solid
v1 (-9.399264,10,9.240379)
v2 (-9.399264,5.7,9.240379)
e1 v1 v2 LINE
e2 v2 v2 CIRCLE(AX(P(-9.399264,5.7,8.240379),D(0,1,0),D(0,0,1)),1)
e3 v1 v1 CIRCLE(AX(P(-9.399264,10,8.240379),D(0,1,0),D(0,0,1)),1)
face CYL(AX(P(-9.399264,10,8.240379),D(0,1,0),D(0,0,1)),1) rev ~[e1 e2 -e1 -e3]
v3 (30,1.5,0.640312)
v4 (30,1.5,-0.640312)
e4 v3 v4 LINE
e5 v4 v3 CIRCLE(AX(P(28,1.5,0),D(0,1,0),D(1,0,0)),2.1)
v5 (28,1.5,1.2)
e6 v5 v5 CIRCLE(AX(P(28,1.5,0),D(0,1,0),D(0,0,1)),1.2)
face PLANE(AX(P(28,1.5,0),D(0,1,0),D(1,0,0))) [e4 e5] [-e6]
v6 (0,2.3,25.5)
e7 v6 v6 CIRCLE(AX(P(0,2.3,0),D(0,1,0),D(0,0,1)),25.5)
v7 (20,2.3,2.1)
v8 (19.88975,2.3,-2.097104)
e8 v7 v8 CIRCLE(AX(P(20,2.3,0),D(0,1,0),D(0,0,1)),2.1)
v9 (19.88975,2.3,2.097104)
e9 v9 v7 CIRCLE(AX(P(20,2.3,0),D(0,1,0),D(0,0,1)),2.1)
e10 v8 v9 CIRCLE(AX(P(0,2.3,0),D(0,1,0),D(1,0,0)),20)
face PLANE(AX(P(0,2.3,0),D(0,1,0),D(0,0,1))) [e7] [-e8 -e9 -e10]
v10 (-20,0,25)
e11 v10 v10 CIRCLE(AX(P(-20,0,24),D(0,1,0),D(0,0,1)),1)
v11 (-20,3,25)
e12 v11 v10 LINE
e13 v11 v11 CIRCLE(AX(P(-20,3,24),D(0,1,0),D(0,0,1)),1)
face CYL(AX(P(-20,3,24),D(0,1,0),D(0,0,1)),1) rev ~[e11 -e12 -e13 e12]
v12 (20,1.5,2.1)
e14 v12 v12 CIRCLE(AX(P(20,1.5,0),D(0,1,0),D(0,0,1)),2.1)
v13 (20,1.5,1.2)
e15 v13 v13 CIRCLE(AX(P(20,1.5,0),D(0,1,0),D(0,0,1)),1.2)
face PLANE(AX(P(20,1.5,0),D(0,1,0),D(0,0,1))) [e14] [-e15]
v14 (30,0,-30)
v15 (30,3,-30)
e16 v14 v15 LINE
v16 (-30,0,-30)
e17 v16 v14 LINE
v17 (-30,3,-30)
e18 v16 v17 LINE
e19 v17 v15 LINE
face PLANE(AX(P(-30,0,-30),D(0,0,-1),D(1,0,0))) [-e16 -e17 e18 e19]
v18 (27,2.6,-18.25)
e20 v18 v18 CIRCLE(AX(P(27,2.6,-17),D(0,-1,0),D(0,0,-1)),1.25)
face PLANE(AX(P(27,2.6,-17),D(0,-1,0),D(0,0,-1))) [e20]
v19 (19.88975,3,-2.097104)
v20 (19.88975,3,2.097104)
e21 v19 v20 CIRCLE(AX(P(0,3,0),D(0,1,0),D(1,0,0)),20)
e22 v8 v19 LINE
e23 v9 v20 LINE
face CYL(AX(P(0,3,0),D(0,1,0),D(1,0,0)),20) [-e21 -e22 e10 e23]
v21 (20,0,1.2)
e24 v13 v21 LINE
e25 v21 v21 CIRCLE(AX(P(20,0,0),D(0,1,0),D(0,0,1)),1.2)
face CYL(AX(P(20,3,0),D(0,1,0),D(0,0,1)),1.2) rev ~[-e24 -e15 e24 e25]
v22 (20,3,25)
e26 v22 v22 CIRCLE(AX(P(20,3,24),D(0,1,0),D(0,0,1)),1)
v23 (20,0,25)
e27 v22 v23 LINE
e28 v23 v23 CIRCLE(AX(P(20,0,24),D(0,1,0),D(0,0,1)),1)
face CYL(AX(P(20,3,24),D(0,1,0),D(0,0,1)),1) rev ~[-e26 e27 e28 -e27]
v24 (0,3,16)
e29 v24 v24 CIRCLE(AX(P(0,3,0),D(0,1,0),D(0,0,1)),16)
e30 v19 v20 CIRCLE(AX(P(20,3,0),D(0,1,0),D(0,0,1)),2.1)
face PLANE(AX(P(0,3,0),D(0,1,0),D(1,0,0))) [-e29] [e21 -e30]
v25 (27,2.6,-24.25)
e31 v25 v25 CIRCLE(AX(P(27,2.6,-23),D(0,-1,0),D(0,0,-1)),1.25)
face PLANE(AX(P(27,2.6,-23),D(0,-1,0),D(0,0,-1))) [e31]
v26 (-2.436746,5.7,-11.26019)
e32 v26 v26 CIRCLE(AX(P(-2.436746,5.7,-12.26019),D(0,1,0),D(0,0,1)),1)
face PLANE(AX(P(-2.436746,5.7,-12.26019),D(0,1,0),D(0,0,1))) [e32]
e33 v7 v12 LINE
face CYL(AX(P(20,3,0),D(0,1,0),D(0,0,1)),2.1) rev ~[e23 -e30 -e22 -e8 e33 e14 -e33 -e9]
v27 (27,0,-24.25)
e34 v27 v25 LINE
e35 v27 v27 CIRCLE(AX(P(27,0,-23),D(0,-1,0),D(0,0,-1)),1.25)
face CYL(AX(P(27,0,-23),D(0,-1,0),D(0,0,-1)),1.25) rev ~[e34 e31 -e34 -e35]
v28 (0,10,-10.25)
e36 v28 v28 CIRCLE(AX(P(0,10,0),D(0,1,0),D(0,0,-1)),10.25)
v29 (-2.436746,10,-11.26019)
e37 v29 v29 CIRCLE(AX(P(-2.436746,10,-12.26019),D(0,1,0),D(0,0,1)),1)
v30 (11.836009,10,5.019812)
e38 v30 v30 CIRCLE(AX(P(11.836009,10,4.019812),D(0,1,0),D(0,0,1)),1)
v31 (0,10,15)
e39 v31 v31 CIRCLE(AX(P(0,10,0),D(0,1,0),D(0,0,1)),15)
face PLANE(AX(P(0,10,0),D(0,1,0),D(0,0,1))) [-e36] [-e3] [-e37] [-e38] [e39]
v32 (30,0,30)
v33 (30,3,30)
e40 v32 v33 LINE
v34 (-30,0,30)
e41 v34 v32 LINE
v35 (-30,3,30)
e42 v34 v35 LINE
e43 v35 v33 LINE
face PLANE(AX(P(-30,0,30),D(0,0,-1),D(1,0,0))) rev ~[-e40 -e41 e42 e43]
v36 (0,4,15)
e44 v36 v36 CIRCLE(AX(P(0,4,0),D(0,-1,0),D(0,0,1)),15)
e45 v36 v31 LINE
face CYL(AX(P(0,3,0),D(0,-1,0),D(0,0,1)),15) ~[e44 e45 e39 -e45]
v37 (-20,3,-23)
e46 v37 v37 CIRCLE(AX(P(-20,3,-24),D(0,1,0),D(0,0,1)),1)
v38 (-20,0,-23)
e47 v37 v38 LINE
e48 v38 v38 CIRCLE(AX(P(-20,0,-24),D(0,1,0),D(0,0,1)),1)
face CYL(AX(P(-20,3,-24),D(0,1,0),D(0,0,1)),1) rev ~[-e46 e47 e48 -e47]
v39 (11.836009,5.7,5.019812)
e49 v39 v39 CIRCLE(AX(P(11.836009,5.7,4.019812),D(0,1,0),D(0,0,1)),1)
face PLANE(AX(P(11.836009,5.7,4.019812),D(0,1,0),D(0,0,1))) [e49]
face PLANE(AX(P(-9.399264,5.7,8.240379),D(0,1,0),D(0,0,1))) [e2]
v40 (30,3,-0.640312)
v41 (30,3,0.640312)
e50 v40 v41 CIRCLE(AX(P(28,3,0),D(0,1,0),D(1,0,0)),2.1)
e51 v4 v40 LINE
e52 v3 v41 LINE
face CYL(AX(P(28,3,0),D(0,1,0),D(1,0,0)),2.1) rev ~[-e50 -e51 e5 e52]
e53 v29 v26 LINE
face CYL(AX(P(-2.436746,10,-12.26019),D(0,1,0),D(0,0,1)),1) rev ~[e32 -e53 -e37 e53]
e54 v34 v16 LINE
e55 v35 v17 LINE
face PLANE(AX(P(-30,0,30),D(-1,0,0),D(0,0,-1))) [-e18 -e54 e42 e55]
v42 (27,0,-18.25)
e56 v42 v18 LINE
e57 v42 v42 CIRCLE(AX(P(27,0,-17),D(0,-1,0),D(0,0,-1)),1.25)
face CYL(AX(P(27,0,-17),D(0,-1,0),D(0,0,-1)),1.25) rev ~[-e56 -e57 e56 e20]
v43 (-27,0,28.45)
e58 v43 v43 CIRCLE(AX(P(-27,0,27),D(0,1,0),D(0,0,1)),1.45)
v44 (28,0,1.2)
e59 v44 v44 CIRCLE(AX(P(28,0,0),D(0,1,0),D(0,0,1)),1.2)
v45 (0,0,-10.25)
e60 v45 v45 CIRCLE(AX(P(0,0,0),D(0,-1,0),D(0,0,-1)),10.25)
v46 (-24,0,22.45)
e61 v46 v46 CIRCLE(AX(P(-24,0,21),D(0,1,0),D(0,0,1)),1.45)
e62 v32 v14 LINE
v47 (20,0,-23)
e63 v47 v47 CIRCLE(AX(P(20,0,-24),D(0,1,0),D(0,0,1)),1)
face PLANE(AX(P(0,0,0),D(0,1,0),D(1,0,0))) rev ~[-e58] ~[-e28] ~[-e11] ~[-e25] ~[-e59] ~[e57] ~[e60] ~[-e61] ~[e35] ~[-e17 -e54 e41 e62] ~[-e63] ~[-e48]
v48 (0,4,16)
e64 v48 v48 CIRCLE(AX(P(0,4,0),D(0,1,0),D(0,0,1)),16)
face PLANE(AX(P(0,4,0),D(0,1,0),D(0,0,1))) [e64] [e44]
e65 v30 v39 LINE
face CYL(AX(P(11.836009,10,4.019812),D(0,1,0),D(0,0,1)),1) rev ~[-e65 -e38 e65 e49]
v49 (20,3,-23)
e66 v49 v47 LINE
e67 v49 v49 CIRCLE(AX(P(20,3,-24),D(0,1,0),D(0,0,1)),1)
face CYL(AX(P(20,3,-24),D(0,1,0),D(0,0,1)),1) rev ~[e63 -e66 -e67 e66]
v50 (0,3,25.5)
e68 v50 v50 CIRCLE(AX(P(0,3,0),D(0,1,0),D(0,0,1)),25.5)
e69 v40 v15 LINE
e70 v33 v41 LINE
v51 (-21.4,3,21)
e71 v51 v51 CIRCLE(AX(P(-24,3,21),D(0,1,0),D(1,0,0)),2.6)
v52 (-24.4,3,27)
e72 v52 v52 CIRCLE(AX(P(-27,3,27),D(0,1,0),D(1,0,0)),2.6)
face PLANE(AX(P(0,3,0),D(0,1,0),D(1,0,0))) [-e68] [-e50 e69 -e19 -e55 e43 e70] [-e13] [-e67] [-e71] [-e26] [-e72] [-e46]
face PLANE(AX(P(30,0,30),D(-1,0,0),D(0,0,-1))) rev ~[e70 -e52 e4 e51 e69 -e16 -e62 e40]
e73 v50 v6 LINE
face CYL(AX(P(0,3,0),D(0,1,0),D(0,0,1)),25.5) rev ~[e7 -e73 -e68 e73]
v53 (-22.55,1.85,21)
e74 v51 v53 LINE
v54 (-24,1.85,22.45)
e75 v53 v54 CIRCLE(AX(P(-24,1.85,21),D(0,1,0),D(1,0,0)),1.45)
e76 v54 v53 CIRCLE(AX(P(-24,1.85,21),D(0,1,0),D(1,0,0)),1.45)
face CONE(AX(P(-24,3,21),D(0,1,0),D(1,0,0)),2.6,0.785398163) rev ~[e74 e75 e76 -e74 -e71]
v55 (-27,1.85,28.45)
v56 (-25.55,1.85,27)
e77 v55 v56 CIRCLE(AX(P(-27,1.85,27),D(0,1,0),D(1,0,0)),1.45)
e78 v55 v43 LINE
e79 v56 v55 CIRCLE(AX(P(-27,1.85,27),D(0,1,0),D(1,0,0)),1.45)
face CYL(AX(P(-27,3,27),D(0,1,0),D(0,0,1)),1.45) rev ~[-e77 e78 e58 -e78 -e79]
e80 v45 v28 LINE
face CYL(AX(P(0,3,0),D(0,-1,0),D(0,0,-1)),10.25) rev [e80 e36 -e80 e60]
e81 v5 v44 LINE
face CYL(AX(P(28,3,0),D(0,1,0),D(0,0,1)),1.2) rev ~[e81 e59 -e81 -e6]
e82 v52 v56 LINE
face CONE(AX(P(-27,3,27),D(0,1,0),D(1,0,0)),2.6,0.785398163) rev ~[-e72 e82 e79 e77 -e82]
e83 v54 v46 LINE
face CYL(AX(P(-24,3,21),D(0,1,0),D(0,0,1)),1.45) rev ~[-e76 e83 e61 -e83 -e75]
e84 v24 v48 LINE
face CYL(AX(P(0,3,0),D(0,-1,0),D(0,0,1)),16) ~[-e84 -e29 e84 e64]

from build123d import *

# Parameters (mm, degrees)
SKETCH1_W                                      = 60
SKETCH1_H                                      = 60
BOSS_EXTRUDE1_DEPTH                            = 3
SKETCH3_R                                      = 1
CUT_EXTRUDE3_DEPTH                             = 43.532340636
SKETCH5_R                                      = 10.25
CUT_EXTRUDE4_DEPTH                             = 43.532340636
SKETCH6_R                                      = 16
SKETCH6_R_2                                    = 10.25
BOSS_EXTRUDE2_DEPTH                            = 1
SKETCH7_R                                      = 15
SKETCH7_R_2                                    = 10.25
BOSS_EXTRUDE3_DEPTH                            = 7
SKETCH10_R                                     = 1.45
STOP_MOUNT_D2P9_THROUGH_DEPTH                  = 3.01
SKETCH11_R                                     = 2.6
STOP_MOUNT_CSK_D5P2_90DEG_DEPTH                = 1.15
STOP_MOUNT_CSK_D5P2_90DEG_DRAFT                = -45
STOP_MOUNT_CSK_D5P2_90DEG_PROFILE_2_DEPTH      = 1.15
STOP_MOUNT_CSK_D5P2_90DEG_PROFILE_2_DRAFT      = -45
SKETCH13_R                                     = 1.45
YTAB_D2P9_DEPTH                                = 3.01
SKETCH14_R                                     = 1.2
GUIDEBLOCK1_D2P4_DEPTH                         = 3.01
SKETCH15_R                                     = 2.1
GUIDEBLOCK1_HEADCOUNTERBORE_D4P2_DEPTH         = 1.5
SKETCH16_R                                     = 25.5
SKETCH16_R_2                                   = 20
ROTATING_RETAINER_HEAD_CLEARANCE_ANNULUS_DEPTH = 0.7
SKETCH17_R                                     = 1
INNER_RETAINER_M2_TAPPED_ENVELOPE_DEPTH        = 4.3
SKETCH18_R                                     = 1.46
YTAB_THROUGH_HOLE_BACKING_RESTORATION_DEPTH    = 3
SKETCH19_R                                     = 1.25
YTAB_BLIND_M2P5_THREAD_ENVELOPES_DEPTH         = 2.6


with BuildPart() as part:
    # Sketch1 → Boss-Extrude1 (new body)
    with BuildSketch(Plane(origin=(0, 0, 0), x_dir=(1, 0, 0), z_dir=(0, 1, 0))):
        Rectangle(SKETCH1_W, SKETCH1_H)
    extrude(amount=BOSS_EXTRUDE1_DEPTH)

    # Sketch3 → Cut-Extrude3 (cut, through all)
    with BuildSketch(Plane(origin=(0, 3, 0), x_dir=(1, 0, 0), z_dir=(0, 1, 0))):
        with Locations(Location((-20, 24, 0), (0, 0, 270))):
            Circle(SKETCH3_R)
        with Locations(Location((20, 24, 0), (0, 0, 270))):
            Circle(SKETCH3_R)
        with Locations(Location((-20, -24, 0), (0, 0, 270))):
            Circle(SKETCH3_R)
        with Locations(Location((20, -24, 0), (0, 0, 270))):
            Circle(SKETCH3_R)
    extrude(amount=-CUT_EXTRUDE3_DEPTH, mode=Mode.SUBTRACT)

    # Sketch5 → Cut-Extrude4 (cut, through all)
    with BuildSketch(Plane.XZ):
        with Locations(Location((0, 0, 0), (0, 0, 270))):
            Circle(SKETCH5_R)
    extrude(amount=-CUT_EXTRUDE4_DEPTH, mode=Mode.SUBTRACT)

    # Sketch6 → Boss-Extrude2 (add)
    with BuildSketch(Plane(origin=(0, 3, 0), x_dir=(1, 0, 0), z_dir=(0, 1, 0))):
        with Locations(Location((0, 0, 0), (0, 0, 270))):
            Circle(SKETCH6_R)
        with Locations(Location((0, 0, 0), (0, 0, 90))):
            Circle(SKETCH6_R_2, mode=Mode.SUBTRACT)
    extrude(amount=BOSS_EXTRUDE2_DEPTH)

    # Sketch7 → Boss-Extrude3 (add)
    with BuildSketch(Plane(origin=(0, 3, 0), x_dir=(1, 0, 0), z_dir=(0, 1, 0))):
        with Locations(Location((0, 0, 0), (0, 0, 270))):
            Circle(SKETCH7_R)
        with Locations(Location((0, 0, 0), (0, 0, 90))):
            Circle(SKETCH7_R_2, mode=Mode.SUBTRACT)
    extrude(amount=BOSS_EXTRUDE3_DEPTH)

    # Sketch10 → Stop_Mount_D2p9_Through (cut)
    with BuildSketch(Plane(origin=(0, 3, 0), x_dir=(1, 0, 0), z_dir=(0, 1, 0))):
        with Locations(Location((-24, -21, 0), (0, 0, 270))):
            Circle(SKETCH10_R)
        with Locations(Location((-27, -27, 0), (0, 0, 270))):
            Circle(SKETCH10_R)
    extrude(amount=-STOP_MOUNT_D2P9_THROUGH_DEPTH, mode=Mode.SUBTRACT)


with BuildPart() as stop_mount_csk_d5p2_90deg_tool:
    # Sketch11 → Stop_Mount_CSK_D5p2_90deg (with draft: the straight prism first)
    with BuildSketch(Plane(origin=(0, 3, 0), x_dir=(1, 0, 0), z_dir=(0, 1, 0))):
        with Locations((-24, -21)):
            Circle(SKETCH11_R)
    extrude(amount=-STOP_MOUNT_CSK_D5P2_90DEG_DEPTH)
    # Stop_Mount_CSK_D5p2_90deg: the draft: its side faces are tilted about the plane it starts from
    stop_mount_csk_d5p2_90deg_sides = [stop_mount_csk_d5p2_90deg_tool.faces().sort_by_distance(p)[0] for p in [
        (-26.6, 2.425, 21),
    ]]
    draft(stop_mount_csk_d5p2_90deg_sides, Plane(origin=(0, 3, 0), x_dir=(1, 0, 0), z_dir=(0, 1, 0)), STOP_MOUNT_CSK_D5P2_90DEG_DRAFT)


with BuildPart() as part_1:
    add(part.part)

    # Stop_Mount_CSK_D5p2_90deg: cut by stop_mount_csk_d5p2_90deg_tool
    add(stop_mount_csk_d5p2_90deg_tool.part, mode=Mode.SUBTRACT)


with BuildPart() as stop_mount_csk_d5p2_90deg_profile_2_tool:
    # Sketch11 → Stop_Mount_CSK_D5p2_90deg profile 2 (with draft: the straight prism first)
    with BuildSketch(Plane(origin=(0, 3, 0), x_dir=(1, 0, 0), z_dir=(0, 1, 0))):
        with Locations((-27, -27)):
            Circle(SKETCH11_R)
    extrude(amount=-STOP_MOUNT_CSK_D5P2_90DEG_PROFILE_2_DEPTH)
    # Stop_Mount_CSK_D5p2_90deg profile 2: the draft: its side faces are tilted about the plane it starts from
    stop_mount_csk_d5p2_90deg_profile_2_sides = [stop_mount_csk_d5p2_90deg_profile_2_tool.faces().sort_by_distance(p)[0] for p in [
        (-29.6, 2.425, 27),
    ]]
    draft(stop_mount_csk_d5p2_90deg_profile_2_sides, Plane(origin=(0, 3, 0), x_dir=(1, 0, 0), z_dir=(0, 1, 0)), STOP_MOUNT_CSK_D5P2_90DEG_PROFILE_2_DRAFT)


with BuildPart() as part_2:
    add(part_1.part)

    # Stop_Mount_CSK_D5p2_90deg profile 2: cut by stop_mount_csk_d5p2_90deg_profile_2_tool
    add(stop_mount_csk_d5p2_90deg_profile_2_tool.part, mode=Mode.SUBTRACT)

    # Sketch13 → YTab_D2p9 (cut)
    with BuildSketch(Plane.XZ):
        with Locations(Location((27, -23, 0), (0, 0, 270))):
            Circle(SKETCH13_R)
        with Locations(Location((27, -17, 0), (0, 0, 270))):
            Circle(SKETCH13_R)
    extrude(amount=-YTAB_D2P9_DEPTH, mode=Mode.SUBTRACT)

    # Sketch14 → GuideBlock1_D2p4 (cut)
    with BuildSketch(Plane(origin=(0, 3, 0), x_dir=(1, 0, 0), z_dir=(0, 1, 0))):
        with Locations(Location((28, 0, 0), (0, 0, 270))):
            Circle(SKETCH14_R)
        with Locations(Location((20, 0, 0), (0, 0, 270))):
            Circle(SKETCH14_R)
    extrude(amount=-GUIDEBLOCK1_D2P4_DEPTH, mode=Mode.SUBTRACT)

    # Sketch15 → GuideBlock1_HeadCounterbore_D4p2 (cut)
    with BuildSketch(Plane(origin=(0, 3, 0), x_dir=(1, 0, 0), z_dir=(0, 1, 0))):
        with Locations((28, 0)):
            Circle(SKETCH15_R)
        with Locations(Location((20, 0, 0), (0, 0, 270))):
            Circle(SKETCH15_R)
    extrude(amount=-GUIDEBLOCK1_HEADCOUNTERBORE_D4P2_DEPTH, mode=Mode.SUBTRACT)

    # Sketch16 → Rotating_Retainer_Head_Clearance_Annulus (cut)
    with BuildSketch(Plane(origin=(0, 3, 0), x_dir=(1, 0, 0), z_dir=(0, 1, 0))):
        with Locations(Location((0, 0, 0), (0, 0, 270))):
            Circle(SKETCH16_R)
        Circle(SKETCH16_R_2, mode=Mode.SUBTRACT)
    extrude(amount=-ROTATING_RETAINER_HEAD_CLEARANCE_ANNULUS_DEPTH, mode=Mode.SUBTRACT)

    # Sketch17 → Inner_Retainer_M2_Tapped_Envelope (cut)
    with BuildSketch(Plane(origin=(0, 10, 0), x_dir=(1, 0, 0), z_dir=(0, 1, 0))):
        with Locations(Location((-9.399263552, -8.240378916, 0), (0, 0, 270))):
            Circle(SKETCH17_R)
        with Locations(Location((-2.436745703, 12.260190471, 0), (0, 0, 270))):
            Circle(SKETCH17_R)
        with Locations(Location((11.836009254, -4.019811554, 0), (0, 0, 270))):
            Circle(SKETCH17_R)
    extrude(amount=-INNER_RETAINER_M2_TAPPED_ENVELOPE_DEPTH, mode=Mode.SUBTRACT)

    # Sketch18 → YTab_Through_Hole_Backing_Restoration (add)
    with BuildSketch(Plane.XZ):
        with Locations((27, -23)):
            Circle(SKETCH18_R)
        with Locations((27, -17)):
            Circle(SKETCH18_R)
    extrude(amount=-YTAB_THROUGH_HOLE_BACKING_RESTORATION_DEPTH)

    # Sketch19 → YTab_Blind_M2p5_Thread_Envelopes (cut)
    with BuildSketch(Plane.XZ):
        with Locations(Location((27, -23, 0), (0, 0, 270))):
            Circle(SKETCH19_R)
        with Locations(Location((27, -17, 0), (0, 0, 270))):
            Circle(SKETCH19_R)
    extrude(amount=-YTAB_BLIND_M2P5_THREAD_ENVELOPES_DEPTH, mode=Mode.SUBTRACT)


solid = part_2.part
